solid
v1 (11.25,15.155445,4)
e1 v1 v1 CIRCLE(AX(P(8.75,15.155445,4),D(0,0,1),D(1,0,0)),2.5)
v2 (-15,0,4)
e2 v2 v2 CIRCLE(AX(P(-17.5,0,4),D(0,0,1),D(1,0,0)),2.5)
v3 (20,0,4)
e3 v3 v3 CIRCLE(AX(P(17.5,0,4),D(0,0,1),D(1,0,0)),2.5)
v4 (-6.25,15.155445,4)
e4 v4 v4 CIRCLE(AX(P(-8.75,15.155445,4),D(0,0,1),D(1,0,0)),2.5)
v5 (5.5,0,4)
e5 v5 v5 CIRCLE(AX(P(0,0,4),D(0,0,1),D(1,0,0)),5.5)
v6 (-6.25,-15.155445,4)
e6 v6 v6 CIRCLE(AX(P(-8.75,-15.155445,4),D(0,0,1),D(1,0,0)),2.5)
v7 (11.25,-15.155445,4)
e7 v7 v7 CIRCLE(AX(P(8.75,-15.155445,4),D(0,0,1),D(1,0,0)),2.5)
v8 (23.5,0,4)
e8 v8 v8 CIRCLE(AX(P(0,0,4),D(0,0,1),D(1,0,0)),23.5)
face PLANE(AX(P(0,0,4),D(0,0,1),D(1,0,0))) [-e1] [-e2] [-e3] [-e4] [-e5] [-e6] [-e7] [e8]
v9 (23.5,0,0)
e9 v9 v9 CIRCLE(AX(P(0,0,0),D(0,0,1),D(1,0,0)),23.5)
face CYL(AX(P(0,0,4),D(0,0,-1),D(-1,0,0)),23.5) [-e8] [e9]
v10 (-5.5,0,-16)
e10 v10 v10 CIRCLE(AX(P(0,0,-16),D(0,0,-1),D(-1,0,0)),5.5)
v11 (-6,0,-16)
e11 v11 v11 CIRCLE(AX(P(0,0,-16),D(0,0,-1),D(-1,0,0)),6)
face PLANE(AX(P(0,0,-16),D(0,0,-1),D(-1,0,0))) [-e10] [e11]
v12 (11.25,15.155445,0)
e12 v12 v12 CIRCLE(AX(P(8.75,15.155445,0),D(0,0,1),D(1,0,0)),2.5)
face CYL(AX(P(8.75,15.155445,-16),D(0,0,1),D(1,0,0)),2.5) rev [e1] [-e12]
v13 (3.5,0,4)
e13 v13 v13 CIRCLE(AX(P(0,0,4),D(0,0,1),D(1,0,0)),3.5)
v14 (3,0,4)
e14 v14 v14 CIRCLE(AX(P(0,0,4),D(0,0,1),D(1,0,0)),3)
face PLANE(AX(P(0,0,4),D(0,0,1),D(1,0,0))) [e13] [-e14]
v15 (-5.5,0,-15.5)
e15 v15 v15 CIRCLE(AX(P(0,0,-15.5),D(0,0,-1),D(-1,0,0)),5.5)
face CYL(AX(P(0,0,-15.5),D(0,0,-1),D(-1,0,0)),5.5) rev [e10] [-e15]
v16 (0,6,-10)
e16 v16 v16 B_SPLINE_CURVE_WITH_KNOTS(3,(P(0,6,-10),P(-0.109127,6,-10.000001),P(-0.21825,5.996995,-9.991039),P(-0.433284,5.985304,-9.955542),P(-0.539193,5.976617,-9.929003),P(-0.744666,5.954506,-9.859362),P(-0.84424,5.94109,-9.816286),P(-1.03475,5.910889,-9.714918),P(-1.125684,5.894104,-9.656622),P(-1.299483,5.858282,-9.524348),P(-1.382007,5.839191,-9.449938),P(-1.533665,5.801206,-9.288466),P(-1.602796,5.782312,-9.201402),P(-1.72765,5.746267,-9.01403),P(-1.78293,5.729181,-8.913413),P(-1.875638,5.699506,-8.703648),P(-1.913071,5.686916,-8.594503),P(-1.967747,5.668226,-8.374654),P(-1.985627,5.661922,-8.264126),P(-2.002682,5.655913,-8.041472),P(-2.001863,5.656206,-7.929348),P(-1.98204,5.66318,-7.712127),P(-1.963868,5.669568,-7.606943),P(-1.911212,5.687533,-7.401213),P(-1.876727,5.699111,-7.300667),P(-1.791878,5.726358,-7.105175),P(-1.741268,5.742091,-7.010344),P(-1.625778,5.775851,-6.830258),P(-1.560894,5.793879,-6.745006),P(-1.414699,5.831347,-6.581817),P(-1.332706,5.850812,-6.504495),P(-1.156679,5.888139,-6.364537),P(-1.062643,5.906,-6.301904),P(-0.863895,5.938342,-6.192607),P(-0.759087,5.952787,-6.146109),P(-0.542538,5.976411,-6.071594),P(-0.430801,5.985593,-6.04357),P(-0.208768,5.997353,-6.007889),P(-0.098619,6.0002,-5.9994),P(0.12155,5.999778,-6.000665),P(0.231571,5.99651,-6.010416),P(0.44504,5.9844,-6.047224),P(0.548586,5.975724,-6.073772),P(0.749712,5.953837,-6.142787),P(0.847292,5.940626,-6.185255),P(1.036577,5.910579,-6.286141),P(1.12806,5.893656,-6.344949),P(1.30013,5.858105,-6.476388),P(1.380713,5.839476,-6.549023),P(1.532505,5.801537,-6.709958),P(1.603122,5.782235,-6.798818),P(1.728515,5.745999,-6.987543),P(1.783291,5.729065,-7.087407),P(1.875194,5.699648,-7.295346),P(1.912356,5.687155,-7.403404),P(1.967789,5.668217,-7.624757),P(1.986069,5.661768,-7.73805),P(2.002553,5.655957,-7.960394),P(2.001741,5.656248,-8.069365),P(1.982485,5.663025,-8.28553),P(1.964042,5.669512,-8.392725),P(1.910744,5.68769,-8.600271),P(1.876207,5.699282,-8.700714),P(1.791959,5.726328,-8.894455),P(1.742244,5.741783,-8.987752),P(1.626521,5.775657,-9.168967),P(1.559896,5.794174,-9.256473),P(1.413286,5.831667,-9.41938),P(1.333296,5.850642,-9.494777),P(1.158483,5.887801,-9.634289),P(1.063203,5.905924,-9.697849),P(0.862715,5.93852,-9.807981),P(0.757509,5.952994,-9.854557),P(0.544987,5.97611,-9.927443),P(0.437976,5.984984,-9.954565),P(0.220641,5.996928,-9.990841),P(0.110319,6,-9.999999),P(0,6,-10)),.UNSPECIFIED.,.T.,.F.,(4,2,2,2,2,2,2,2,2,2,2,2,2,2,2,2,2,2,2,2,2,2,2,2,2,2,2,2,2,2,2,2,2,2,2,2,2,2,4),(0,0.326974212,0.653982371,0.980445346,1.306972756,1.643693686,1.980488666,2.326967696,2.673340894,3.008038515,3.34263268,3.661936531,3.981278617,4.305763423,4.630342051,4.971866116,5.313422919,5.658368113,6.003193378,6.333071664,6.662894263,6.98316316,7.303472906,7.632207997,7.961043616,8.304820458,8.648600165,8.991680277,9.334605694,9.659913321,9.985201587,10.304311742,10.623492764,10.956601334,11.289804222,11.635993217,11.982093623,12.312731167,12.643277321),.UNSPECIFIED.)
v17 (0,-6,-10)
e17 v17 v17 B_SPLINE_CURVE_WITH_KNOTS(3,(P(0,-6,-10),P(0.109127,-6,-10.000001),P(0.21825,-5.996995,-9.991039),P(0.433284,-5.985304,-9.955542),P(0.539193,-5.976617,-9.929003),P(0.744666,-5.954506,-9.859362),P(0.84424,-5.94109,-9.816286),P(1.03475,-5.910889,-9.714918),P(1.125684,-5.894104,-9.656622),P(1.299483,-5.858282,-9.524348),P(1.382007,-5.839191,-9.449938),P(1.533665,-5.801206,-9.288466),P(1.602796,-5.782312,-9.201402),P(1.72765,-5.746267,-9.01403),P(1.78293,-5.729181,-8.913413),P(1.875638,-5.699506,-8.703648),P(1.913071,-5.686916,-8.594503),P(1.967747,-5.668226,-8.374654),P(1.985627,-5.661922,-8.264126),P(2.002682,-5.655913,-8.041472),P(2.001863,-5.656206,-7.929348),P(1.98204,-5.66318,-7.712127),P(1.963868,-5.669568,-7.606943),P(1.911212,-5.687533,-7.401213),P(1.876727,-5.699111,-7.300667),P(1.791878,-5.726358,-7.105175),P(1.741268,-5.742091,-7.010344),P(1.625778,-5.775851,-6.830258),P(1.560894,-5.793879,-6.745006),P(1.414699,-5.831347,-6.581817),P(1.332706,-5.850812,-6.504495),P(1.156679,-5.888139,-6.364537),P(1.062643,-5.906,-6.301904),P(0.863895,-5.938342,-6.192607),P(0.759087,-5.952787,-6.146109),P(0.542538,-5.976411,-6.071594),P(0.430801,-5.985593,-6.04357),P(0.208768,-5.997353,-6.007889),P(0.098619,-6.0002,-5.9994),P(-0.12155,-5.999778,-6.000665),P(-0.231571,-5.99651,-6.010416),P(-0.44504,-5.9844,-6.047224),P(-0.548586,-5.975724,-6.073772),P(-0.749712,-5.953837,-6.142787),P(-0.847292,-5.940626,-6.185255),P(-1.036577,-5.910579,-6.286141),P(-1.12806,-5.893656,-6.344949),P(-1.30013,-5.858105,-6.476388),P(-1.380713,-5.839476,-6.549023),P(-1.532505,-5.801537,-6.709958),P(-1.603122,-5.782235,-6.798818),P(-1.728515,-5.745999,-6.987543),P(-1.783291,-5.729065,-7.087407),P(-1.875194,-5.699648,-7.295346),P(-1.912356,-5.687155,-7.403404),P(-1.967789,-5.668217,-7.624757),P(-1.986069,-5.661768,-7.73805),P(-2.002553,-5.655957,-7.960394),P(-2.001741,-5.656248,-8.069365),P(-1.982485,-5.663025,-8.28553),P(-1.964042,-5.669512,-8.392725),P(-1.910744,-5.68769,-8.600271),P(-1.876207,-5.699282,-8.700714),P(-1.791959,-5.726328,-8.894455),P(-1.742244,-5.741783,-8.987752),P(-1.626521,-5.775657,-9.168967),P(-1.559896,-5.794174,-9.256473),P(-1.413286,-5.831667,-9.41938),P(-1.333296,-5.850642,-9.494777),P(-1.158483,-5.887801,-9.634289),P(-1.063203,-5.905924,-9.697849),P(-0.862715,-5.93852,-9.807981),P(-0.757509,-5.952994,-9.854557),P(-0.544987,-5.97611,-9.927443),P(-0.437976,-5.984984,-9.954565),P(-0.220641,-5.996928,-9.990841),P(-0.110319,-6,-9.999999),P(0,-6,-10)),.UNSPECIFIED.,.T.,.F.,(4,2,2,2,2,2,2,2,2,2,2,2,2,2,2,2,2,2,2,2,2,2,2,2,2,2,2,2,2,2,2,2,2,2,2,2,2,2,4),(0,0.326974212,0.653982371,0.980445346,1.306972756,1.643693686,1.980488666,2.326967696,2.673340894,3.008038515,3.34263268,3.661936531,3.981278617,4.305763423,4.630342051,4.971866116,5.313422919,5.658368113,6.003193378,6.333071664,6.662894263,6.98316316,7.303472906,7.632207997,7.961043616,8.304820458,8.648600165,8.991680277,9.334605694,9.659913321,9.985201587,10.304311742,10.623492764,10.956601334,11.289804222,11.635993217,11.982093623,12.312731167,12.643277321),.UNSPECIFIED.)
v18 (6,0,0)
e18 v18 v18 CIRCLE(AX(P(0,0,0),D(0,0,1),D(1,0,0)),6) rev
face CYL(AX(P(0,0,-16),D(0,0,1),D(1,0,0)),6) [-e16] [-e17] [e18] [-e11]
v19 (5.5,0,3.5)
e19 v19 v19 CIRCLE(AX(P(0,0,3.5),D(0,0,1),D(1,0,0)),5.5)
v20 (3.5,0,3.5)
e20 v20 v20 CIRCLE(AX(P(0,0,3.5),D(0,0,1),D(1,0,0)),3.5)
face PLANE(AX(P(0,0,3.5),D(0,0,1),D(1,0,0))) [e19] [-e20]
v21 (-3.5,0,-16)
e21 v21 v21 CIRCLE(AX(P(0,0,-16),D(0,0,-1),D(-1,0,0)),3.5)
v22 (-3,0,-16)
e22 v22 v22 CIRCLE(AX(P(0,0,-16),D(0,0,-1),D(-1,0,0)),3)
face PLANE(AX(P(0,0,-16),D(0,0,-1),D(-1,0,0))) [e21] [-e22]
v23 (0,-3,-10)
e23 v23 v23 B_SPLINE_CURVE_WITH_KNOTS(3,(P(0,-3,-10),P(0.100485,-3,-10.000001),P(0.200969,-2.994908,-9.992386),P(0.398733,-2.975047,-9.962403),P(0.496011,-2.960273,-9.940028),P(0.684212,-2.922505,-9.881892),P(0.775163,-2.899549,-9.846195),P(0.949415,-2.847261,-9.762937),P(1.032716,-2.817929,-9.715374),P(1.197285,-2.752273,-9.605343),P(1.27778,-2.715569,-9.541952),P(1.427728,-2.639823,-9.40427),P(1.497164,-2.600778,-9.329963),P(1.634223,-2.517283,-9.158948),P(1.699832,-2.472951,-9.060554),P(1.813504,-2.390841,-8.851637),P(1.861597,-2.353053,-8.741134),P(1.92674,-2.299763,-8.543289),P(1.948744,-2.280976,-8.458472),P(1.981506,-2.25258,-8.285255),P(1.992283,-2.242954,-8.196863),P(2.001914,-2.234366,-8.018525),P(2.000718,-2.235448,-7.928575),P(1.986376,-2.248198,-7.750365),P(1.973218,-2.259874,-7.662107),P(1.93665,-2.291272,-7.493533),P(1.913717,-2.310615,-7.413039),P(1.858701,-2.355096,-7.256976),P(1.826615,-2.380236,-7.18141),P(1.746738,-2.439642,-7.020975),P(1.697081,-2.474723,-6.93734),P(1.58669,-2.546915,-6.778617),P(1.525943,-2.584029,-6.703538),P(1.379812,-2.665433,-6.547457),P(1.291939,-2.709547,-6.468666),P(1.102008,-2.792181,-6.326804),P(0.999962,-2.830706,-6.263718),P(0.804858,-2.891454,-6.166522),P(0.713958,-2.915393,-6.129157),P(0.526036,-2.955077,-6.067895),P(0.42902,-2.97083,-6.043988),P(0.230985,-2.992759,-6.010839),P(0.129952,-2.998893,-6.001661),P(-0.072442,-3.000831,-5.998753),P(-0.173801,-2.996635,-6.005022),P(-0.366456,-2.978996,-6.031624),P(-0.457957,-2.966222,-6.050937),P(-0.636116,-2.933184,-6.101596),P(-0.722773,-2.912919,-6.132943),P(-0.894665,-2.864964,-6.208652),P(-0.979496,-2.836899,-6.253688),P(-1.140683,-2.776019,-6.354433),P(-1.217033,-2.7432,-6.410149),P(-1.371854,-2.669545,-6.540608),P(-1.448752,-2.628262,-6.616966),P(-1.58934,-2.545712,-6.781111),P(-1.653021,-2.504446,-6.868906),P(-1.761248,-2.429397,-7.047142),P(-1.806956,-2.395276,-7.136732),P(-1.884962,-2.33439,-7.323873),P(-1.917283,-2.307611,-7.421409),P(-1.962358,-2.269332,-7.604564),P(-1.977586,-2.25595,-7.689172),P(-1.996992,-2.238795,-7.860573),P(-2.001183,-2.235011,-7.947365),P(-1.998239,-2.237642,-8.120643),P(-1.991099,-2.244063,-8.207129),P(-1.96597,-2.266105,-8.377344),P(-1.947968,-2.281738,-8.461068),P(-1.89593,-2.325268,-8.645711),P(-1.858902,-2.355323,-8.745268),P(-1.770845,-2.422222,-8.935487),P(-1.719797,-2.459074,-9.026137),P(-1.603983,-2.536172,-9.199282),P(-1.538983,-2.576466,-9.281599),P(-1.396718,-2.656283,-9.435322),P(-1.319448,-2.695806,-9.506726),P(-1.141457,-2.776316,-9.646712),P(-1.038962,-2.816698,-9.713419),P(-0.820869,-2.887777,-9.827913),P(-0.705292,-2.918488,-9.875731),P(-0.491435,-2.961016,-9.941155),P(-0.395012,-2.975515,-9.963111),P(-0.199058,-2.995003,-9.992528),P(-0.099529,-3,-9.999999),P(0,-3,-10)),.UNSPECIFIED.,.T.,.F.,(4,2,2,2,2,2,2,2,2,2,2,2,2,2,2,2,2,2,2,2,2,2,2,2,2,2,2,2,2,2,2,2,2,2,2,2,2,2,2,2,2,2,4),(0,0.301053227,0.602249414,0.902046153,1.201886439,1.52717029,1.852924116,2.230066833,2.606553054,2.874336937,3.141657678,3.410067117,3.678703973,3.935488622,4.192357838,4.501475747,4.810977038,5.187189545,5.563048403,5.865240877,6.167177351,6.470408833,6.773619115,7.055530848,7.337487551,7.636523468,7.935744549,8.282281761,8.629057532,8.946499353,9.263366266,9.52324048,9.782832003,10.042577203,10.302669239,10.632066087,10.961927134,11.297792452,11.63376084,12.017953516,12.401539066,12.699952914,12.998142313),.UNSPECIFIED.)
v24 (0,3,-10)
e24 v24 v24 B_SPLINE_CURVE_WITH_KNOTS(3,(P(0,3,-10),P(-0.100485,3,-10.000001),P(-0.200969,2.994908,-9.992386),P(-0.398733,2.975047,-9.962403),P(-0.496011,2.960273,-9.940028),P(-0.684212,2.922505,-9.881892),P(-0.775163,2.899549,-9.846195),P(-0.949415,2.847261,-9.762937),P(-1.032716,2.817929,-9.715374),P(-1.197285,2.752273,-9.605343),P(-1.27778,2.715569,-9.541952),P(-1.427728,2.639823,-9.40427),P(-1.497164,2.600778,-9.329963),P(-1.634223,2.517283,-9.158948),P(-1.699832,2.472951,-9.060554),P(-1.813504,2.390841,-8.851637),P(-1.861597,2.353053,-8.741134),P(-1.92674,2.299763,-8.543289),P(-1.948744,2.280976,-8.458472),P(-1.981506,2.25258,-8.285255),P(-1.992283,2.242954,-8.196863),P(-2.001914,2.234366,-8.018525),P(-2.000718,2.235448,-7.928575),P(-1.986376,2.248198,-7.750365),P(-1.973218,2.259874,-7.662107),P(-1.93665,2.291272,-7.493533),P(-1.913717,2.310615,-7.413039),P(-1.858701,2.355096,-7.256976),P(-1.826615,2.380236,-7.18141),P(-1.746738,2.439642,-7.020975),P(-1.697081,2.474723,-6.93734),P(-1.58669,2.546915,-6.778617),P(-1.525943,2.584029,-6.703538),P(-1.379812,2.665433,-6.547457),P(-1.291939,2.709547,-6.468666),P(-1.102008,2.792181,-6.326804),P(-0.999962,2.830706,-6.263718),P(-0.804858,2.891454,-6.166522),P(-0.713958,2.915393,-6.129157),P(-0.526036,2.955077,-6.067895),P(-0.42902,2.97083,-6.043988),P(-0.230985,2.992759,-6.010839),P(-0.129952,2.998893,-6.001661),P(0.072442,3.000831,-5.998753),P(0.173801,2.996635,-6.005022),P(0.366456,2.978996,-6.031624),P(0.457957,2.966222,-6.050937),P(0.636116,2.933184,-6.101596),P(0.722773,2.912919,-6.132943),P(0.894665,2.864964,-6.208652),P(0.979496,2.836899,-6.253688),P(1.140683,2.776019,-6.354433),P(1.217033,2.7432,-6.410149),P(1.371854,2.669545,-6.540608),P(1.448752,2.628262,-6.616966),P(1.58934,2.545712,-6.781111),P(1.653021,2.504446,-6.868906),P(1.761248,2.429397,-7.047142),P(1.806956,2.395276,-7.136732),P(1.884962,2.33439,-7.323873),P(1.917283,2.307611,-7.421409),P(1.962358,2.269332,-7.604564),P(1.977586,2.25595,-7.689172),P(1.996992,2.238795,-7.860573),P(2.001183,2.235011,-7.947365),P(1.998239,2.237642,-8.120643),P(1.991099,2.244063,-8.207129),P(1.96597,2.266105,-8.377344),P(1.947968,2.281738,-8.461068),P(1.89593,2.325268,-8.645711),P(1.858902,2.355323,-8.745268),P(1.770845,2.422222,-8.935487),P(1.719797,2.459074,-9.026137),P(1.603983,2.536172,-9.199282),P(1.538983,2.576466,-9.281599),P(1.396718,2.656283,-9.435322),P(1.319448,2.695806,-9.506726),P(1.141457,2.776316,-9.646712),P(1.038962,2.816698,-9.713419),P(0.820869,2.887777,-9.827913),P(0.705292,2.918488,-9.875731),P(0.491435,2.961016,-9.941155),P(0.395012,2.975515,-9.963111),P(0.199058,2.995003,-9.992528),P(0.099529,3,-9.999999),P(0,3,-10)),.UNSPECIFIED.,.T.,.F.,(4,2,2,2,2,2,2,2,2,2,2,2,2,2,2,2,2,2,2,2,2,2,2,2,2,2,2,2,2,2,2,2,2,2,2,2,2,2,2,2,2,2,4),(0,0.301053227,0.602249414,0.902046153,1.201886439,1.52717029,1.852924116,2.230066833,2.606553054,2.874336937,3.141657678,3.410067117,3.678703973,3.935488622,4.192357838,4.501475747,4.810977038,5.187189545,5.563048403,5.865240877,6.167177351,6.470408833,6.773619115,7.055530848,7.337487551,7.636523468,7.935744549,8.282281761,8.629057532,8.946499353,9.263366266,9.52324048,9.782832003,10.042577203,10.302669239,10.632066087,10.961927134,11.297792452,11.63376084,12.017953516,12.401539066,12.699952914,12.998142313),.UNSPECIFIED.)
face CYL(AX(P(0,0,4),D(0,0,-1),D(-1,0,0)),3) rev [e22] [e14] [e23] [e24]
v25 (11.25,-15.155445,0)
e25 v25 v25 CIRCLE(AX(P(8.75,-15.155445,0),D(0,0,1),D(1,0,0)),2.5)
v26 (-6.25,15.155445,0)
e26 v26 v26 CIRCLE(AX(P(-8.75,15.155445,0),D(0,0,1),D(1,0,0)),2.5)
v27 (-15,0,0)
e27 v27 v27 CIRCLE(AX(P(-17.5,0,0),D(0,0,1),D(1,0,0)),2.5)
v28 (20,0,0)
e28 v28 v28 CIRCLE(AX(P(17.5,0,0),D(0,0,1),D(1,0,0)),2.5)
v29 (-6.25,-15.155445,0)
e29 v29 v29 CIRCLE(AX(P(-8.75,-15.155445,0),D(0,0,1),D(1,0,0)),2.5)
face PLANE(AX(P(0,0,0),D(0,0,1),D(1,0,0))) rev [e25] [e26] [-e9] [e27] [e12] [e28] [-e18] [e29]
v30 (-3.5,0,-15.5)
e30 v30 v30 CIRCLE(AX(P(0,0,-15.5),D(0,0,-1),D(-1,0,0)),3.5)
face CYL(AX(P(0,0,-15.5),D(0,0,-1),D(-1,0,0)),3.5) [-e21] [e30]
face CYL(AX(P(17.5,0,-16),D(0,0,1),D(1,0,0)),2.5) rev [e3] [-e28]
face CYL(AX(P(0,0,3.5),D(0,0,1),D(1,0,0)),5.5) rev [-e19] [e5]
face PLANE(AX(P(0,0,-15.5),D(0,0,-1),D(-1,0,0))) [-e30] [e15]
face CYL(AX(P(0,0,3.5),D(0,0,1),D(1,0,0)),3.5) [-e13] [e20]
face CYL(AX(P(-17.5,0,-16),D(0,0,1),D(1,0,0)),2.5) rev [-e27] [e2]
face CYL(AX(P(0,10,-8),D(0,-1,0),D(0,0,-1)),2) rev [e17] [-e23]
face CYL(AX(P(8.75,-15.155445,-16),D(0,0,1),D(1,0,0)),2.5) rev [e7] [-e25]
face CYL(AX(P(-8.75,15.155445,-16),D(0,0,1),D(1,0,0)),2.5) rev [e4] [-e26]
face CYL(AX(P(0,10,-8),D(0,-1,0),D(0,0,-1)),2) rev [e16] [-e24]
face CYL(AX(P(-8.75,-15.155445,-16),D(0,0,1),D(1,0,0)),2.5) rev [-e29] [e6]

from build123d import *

# Parameters (mm, degrees)
SKETCH1_R               = 23.5
SKETCH1_R_2             = 3
BOSS_EXTRUDE1_DEPTH     = 4
SKETCH2_R               = 6
SKETCH2_R_2             = 3
BOSS_EXTRUDE2_DEPTH     = 16
SKETCH3_R               = 2.5
CUT_EXTRUDE1_DEPTH      = 21
SKETCH5_R               = 5.5
SKETCH5_R_2             = 3.5
CUT_EXTRUDE3_DEPTH      = 0.5
SKETCH6_R               = 5.5
SKETCH6_R_2             = 3.5
CUT_EXTRUDE4_DEPTH      = 0.5
SKETCH7_R               = 2
CUT_EXTRUDE5_DEPTH      = 10
CUT_EXTRUDE5_DEPTH_BACK = 10


with BuildPart() as part:
    # Sketch1 → Boss-Extrude1 (new body)
    with BuildSketch(Plane.XY):
        Circle(SKETCH1_R)
        Circle(SKETCH1_R_2, mode=Mode.SUBTRACT)
    extrude(amount=BOSS_EXTRUDE1_DEPTH)

    # Sketch2 → Boss-Extrude2 (add)
    with BuildSketch(Plane(origin=(0, 0, 0), x_dir=(-1, 0, 0), z_dir=(0, 0, -1))):
        Circle(SKETCH2_R)
        Circle(SKETCH2_R_2, mode=Mode.SUBTRACT)
    extrude(amount=BOSS_EXTRUDE2_DEPTH)

    # Sketch3 → Cut-Extrude1 (cut, through all)
    with BuildSketch(Plane.XY.offset(4)):
        with Locations((-17.5, 0)):
            Circle(SKETCH3_R)
        with Locations((-8.75, 15.155444566)):
            Circle(SKETCH3_R)
        with Locations((8.75, 15.155444566)):
            Circle(SKETCH3_R)
        with Locations((17.5, 0)):
            Circle(SKETCH3_R)
        with Locations((8.75, -15.155444566)):
            Circle(SKETCH3_R)
        with Locations((-8.75, -15.155444566)):
            Circle(SKETCH3_R)
    extrude(amount=-CUT_EXTRUDE1_DEPTH, mode=Mode.SUBTRACT)

    # Sketch5 → Cut-Extrude3 (cut)
    with BuildSketch(Plane.XY.offset(4)):
        Circle(SKETCH5_R)
        Circle(SKETCH5_R_2, mode=Mode.SUBTRACT)
    extrude(amount=-CUT_EXTRUDE3_DEPTH, mode=Mode.SUBTRACT)

    # Sketch6 → Cut-Extrude4 (cut)
    with BuildSketch(Plane(origin=(0, 0, -16), x_dir=(-1, 0, 0), z_dir=(0, 0, -1))):
        Circle(SKETCH6_R)
        Circle(SKETCH6_R_2, mode=Mode.SUBTRACT)
    extrude(amount=-CUT_EXTRUDE4_DEPTH, mode=Mode.SUBTRACT)

    # Sketch7 → Cut-Extrude5 (cut, two sides)
    with BuildSketch(Plane(origin=(0, 0, 0), x_dir=(1, 0, 0), z_dir=(0, 1, 0))) as cut_extrude5_sk:
        with Locations((0, 8)):
            Circle(SKETCH7_R)
    extrude(amount=CUT_EXTRUDE5_DEPTH, mode=Mode.SUBTRACT)
    extrude(cut_extrude5_sk.sketch, amount=-CUT_EXTRUDE5_DEPTH_BACK, mode=Mode.SUBTRACT)


solid = part.part
